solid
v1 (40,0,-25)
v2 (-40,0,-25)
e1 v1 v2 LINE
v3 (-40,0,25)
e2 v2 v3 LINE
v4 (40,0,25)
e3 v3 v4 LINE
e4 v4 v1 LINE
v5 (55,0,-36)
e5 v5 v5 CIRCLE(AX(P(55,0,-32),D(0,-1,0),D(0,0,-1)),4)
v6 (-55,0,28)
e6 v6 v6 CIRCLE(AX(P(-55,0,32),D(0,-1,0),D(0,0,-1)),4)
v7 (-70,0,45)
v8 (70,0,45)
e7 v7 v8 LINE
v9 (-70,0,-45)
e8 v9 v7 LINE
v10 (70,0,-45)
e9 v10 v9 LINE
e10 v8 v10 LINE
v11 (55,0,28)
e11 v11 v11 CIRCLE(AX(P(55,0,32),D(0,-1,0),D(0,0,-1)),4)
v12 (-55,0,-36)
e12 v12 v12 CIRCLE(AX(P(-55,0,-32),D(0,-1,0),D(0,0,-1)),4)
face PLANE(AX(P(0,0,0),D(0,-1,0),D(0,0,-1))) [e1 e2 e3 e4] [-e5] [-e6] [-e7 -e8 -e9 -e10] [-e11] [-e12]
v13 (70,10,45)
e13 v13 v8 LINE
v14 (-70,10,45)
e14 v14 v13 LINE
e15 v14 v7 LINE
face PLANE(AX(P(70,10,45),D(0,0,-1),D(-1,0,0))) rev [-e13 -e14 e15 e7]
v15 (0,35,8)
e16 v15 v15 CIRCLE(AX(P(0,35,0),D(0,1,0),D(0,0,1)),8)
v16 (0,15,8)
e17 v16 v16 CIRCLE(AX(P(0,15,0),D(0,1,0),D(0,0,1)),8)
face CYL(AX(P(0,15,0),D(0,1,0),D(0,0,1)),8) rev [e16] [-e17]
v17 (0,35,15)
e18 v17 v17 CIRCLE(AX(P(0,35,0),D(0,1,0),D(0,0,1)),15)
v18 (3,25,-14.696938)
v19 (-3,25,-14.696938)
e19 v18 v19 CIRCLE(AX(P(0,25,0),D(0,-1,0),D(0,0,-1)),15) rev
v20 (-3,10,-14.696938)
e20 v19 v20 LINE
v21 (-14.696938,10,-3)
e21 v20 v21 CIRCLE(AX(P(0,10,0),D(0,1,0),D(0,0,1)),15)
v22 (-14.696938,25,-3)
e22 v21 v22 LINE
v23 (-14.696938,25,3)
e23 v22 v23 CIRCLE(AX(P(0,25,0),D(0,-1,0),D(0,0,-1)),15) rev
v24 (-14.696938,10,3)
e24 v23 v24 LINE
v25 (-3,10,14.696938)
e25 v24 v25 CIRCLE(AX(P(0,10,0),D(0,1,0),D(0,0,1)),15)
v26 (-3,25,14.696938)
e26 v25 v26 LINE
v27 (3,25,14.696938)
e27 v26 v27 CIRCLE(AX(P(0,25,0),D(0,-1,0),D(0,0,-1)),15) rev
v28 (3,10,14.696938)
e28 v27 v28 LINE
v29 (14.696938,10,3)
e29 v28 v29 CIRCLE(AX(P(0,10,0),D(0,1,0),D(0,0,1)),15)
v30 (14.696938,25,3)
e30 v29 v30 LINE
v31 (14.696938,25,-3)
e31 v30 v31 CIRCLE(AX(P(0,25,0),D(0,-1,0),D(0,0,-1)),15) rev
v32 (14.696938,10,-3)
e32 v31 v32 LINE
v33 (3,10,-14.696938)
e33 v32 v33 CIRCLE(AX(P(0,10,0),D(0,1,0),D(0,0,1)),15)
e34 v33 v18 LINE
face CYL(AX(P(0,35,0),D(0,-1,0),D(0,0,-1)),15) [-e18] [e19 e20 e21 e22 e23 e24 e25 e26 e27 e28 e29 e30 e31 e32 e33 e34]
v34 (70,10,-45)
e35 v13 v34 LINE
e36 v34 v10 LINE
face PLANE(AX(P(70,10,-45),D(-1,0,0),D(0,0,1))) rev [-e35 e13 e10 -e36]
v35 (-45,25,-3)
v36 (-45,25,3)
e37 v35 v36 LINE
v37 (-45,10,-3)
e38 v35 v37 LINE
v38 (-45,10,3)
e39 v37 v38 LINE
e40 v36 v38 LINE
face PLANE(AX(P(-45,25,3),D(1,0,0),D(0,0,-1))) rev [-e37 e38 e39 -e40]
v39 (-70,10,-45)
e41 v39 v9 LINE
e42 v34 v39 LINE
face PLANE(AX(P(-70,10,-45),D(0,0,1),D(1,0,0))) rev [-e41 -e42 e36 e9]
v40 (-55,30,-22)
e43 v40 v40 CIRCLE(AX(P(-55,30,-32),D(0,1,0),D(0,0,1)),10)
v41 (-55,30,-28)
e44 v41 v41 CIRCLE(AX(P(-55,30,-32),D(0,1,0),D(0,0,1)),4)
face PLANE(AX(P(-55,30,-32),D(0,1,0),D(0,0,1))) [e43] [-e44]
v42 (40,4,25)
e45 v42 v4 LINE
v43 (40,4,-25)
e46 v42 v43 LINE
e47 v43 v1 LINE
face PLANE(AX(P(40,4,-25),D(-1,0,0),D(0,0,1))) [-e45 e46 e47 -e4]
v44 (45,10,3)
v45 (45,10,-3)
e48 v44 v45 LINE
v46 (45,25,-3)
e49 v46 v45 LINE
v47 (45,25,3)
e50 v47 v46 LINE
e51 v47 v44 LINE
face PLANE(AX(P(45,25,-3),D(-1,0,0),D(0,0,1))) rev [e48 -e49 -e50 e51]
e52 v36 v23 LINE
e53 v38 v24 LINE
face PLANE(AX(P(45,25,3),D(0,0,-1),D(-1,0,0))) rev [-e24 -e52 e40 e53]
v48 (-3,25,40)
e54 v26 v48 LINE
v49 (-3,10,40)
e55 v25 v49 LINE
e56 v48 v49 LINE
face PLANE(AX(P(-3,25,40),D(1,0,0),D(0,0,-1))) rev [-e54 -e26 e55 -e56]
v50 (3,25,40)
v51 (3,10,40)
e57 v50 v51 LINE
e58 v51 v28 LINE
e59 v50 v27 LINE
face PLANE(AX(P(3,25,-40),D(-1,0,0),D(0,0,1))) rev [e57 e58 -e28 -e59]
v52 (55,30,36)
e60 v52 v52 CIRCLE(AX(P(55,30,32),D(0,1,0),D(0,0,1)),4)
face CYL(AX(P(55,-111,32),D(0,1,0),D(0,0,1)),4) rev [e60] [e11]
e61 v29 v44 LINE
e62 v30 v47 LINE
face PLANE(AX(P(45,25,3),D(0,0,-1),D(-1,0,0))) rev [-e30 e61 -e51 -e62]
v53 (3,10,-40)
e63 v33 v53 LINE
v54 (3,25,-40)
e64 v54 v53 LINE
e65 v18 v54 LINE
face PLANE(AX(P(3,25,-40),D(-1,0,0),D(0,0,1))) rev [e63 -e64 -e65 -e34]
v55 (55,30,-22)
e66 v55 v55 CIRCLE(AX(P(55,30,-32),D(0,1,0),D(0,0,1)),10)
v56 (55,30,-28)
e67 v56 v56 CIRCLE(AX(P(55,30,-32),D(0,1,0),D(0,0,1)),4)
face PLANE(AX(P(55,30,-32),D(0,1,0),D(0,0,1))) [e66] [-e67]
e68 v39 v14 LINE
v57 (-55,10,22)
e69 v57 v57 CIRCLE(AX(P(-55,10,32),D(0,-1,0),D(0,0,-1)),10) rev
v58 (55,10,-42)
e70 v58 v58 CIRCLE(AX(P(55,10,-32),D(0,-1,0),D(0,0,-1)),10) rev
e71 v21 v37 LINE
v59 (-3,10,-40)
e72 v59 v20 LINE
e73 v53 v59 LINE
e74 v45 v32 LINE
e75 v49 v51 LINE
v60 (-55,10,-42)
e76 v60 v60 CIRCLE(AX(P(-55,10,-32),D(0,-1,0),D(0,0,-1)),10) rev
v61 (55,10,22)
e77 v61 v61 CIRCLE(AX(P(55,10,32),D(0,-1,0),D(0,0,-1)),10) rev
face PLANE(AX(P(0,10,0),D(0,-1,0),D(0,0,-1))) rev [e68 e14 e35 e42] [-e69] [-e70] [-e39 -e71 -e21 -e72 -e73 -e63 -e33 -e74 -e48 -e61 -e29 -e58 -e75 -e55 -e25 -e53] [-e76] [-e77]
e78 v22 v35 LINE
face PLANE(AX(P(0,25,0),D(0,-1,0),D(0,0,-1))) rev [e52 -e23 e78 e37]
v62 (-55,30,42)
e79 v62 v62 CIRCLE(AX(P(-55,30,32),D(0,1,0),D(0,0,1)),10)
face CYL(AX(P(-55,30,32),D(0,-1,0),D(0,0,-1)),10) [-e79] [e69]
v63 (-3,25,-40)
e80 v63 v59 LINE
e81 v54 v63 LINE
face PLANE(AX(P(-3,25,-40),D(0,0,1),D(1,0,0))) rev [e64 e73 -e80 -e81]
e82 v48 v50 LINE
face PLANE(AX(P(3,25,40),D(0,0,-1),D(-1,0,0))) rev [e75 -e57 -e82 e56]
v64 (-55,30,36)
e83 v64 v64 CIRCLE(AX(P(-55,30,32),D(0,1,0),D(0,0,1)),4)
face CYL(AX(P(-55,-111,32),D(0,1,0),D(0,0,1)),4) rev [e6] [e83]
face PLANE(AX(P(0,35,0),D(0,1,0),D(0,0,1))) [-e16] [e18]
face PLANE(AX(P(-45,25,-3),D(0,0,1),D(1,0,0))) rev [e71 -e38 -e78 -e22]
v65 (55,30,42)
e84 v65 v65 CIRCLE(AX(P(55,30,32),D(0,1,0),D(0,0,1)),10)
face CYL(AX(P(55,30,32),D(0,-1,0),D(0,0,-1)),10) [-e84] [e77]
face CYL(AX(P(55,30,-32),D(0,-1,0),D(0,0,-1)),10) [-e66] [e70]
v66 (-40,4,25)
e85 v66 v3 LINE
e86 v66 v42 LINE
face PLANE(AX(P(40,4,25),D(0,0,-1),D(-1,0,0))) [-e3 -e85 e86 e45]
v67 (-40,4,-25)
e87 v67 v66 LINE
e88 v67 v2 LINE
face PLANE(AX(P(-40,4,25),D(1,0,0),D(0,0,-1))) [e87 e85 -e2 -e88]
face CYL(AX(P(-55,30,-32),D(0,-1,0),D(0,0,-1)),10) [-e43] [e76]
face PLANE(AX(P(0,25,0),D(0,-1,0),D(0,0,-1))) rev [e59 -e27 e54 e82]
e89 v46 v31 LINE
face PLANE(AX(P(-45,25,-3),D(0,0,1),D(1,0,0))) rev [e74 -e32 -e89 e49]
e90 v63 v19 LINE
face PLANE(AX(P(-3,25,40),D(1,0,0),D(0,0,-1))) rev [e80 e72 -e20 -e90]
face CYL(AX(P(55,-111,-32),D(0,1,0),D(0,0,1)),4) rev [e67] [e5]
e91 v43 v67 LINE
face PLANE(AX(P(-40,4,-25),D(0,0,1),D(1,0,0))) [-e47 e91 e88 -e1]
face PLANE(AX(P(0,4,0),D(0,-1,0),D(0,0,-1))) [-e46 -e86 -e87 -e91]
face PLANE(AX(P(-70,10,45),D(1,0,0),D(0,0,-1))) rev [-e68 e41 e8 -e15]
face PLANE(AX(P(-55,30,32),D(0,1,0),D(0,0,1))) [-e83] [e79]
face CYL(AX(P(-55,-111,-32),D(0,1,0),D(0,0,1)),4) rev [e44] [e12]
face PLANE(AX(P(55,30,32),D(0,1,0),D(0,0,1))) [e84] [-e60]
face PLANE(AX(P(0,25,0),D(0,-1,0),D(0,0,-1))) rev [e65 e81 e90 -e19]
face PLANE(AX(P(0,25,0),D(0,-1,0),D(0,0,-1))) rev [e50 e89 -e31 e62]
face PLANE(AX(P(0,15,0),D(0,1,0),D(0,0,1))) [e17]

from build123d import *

# Parameters (mm, degrees)
SKETCH_1_W          = 140
SKETCH_1_H          = 90
EXTRUDE_1_DEPTH     = 10
SKETCH_2_W          = 80
SKETCH_2_H          = 50
CUT_EXTRUDE_1_DEPTH = 4
SKETCH_3_W          = 90
SKETCH_3_H          = 6
EXTRUDE_2_DEPTH     = 15
SKETCH_4_W          = 6
SKETCH_4_H          = 80
EXTRUDE_3_DEPTH     = 15
SKETCH_5_R          = 10
EXTRUDE_4_DEPTH     = 20
SKETCH_6_R          = 15
EXTRUDE_5_DEPTH     = 25
SKETCH_7_R          = 4
CUT_EXTRUDE_2_DEPTH = 141
SKETCH_8_R          = 8
CUT_EXTRUDE_3_DEPTH = 20


with BuildPart() as part:
    # 草图1 → 凸台-拉伸1 (new body)
    with BuildSketch(Plane(origin=(0, 0, 0), x_dir=(1, 0, 0), z_dir=(0, 1, 0))):
        Rectangle(SKETCH_1_W, SKETCH_1_H)
    extrude(amount=EXTRUDE_1_DEPTH)

    # 草图2 → 切除-拉伸1 (cut)
    with BuildSketch(Plane(origin=(0, 0, 0), x_dir=(1, 0, 0), z_dir=(0, 1, 0))):
        Rectangle(SKETCH_2_W, SKETCH_2_H)
    extrude(amount=CUT_EXTRUDE_1_DEPTH, mode=Mode.SUBTRACT)

    # 草图3 → 凸台-拉伸2 (add)
    with BuildSketch(Plane(origin=(0, 10, 0), x_dir=(1, 0, 0), z_dir=(0, 1, 0))):
        Rectangle(SKETCH_3_W, SKETCH_3_H)
    extrude(amount=EXTRUDE_2_DEPTH)

    # 草图4 → 凸台-拉伸3 (add)
    with BuildSketch(Plane(origin=(0, 10, 0), x_dir=(1, 0, 0), z_dir=(0, 1, 0))):
        Rectangle(SKETCH_4_W, SKETCH_4_H)
    extrude(amount=EXTRUDE_3_DEPTH)

    # 草图5 → 凸台-拉伸4 (add)
    with BuildSketch(Plane(origin=(0, 10, 0), x_dir=(1, 0, 0), z_dir=(0, 1, 0))):
        with Locations(Location((-55, 32, 0), (0, 0, 90))):
            Circle(SKETCH_5_R)
        with Locations(Location((55, 32, 0), (0, 0, 90))):
            Circle(SKETCH_5_R)
        with Locations(Location((-55, -32, 0), (0, 0, 90))):
            Circle(SKETCH_5_R)
        with Locations(Location((55, -32, 0), (0, 0, 90))):
            Circle(SKETCH_5_R)
    extrude(amount=EXTRUDE_4_DEPTH)

    # 草图6 → 凸台-拉伸5 (add)
    with BuildSketch(Plane(origin=(0, 10, 0), x_dir=(1, 0, 0), z_dir=(0, 1, 0))):
        with Locations(Location((0, 0, 0), (0, 0, 78.463040967))):
            Circle(SKETCH_6_R)
    extrude(amount=EXTRUDE_5_DEPTH)

    # 草图7 → 切除-拉伸2 (cut, symmetric)
    with BuildSketch(Plane(origin=(0, 30, 0), x_dir=(1, 0, 0), z_dir=(0, 1, 0))):
        with Locations(Location((-55, 32, 0), (0, 0, 270))):
            Circle(SKETCH_7_R)
        with Locations(Location((55, 32, 0), (0, 0, 270))):
            Circle(SKETCH_7_R)
        with Locations(Location((-55, -32, 0), (0, 0, 270))):
            Circle(SKETCH_7_R)
        with Locations(Location((55, -32, 0), (0, 0, 270))):
            Circle(SKETCH_7_R)
    extrude(amount=CUT_EXTRUDE_2_DEPTH, both=True, mode=Mode.SUBTRACT)

    # 草图8 → 切除-拉伸3 (cut)
    with BuildSketch(Plane(origin=(0, 35, 0), x_dir=(1, 0, 0), z_dir=(0, 1, 0))):
        with Locations(Location((0, 0, 0), (0, 0, 270))):
            Circle(SKETCH_8_R)
    extrude(amount=-CUT_EXTRUDE_3_DEPTH, mode=Mode.SUBTRACT)


solid = part.part
